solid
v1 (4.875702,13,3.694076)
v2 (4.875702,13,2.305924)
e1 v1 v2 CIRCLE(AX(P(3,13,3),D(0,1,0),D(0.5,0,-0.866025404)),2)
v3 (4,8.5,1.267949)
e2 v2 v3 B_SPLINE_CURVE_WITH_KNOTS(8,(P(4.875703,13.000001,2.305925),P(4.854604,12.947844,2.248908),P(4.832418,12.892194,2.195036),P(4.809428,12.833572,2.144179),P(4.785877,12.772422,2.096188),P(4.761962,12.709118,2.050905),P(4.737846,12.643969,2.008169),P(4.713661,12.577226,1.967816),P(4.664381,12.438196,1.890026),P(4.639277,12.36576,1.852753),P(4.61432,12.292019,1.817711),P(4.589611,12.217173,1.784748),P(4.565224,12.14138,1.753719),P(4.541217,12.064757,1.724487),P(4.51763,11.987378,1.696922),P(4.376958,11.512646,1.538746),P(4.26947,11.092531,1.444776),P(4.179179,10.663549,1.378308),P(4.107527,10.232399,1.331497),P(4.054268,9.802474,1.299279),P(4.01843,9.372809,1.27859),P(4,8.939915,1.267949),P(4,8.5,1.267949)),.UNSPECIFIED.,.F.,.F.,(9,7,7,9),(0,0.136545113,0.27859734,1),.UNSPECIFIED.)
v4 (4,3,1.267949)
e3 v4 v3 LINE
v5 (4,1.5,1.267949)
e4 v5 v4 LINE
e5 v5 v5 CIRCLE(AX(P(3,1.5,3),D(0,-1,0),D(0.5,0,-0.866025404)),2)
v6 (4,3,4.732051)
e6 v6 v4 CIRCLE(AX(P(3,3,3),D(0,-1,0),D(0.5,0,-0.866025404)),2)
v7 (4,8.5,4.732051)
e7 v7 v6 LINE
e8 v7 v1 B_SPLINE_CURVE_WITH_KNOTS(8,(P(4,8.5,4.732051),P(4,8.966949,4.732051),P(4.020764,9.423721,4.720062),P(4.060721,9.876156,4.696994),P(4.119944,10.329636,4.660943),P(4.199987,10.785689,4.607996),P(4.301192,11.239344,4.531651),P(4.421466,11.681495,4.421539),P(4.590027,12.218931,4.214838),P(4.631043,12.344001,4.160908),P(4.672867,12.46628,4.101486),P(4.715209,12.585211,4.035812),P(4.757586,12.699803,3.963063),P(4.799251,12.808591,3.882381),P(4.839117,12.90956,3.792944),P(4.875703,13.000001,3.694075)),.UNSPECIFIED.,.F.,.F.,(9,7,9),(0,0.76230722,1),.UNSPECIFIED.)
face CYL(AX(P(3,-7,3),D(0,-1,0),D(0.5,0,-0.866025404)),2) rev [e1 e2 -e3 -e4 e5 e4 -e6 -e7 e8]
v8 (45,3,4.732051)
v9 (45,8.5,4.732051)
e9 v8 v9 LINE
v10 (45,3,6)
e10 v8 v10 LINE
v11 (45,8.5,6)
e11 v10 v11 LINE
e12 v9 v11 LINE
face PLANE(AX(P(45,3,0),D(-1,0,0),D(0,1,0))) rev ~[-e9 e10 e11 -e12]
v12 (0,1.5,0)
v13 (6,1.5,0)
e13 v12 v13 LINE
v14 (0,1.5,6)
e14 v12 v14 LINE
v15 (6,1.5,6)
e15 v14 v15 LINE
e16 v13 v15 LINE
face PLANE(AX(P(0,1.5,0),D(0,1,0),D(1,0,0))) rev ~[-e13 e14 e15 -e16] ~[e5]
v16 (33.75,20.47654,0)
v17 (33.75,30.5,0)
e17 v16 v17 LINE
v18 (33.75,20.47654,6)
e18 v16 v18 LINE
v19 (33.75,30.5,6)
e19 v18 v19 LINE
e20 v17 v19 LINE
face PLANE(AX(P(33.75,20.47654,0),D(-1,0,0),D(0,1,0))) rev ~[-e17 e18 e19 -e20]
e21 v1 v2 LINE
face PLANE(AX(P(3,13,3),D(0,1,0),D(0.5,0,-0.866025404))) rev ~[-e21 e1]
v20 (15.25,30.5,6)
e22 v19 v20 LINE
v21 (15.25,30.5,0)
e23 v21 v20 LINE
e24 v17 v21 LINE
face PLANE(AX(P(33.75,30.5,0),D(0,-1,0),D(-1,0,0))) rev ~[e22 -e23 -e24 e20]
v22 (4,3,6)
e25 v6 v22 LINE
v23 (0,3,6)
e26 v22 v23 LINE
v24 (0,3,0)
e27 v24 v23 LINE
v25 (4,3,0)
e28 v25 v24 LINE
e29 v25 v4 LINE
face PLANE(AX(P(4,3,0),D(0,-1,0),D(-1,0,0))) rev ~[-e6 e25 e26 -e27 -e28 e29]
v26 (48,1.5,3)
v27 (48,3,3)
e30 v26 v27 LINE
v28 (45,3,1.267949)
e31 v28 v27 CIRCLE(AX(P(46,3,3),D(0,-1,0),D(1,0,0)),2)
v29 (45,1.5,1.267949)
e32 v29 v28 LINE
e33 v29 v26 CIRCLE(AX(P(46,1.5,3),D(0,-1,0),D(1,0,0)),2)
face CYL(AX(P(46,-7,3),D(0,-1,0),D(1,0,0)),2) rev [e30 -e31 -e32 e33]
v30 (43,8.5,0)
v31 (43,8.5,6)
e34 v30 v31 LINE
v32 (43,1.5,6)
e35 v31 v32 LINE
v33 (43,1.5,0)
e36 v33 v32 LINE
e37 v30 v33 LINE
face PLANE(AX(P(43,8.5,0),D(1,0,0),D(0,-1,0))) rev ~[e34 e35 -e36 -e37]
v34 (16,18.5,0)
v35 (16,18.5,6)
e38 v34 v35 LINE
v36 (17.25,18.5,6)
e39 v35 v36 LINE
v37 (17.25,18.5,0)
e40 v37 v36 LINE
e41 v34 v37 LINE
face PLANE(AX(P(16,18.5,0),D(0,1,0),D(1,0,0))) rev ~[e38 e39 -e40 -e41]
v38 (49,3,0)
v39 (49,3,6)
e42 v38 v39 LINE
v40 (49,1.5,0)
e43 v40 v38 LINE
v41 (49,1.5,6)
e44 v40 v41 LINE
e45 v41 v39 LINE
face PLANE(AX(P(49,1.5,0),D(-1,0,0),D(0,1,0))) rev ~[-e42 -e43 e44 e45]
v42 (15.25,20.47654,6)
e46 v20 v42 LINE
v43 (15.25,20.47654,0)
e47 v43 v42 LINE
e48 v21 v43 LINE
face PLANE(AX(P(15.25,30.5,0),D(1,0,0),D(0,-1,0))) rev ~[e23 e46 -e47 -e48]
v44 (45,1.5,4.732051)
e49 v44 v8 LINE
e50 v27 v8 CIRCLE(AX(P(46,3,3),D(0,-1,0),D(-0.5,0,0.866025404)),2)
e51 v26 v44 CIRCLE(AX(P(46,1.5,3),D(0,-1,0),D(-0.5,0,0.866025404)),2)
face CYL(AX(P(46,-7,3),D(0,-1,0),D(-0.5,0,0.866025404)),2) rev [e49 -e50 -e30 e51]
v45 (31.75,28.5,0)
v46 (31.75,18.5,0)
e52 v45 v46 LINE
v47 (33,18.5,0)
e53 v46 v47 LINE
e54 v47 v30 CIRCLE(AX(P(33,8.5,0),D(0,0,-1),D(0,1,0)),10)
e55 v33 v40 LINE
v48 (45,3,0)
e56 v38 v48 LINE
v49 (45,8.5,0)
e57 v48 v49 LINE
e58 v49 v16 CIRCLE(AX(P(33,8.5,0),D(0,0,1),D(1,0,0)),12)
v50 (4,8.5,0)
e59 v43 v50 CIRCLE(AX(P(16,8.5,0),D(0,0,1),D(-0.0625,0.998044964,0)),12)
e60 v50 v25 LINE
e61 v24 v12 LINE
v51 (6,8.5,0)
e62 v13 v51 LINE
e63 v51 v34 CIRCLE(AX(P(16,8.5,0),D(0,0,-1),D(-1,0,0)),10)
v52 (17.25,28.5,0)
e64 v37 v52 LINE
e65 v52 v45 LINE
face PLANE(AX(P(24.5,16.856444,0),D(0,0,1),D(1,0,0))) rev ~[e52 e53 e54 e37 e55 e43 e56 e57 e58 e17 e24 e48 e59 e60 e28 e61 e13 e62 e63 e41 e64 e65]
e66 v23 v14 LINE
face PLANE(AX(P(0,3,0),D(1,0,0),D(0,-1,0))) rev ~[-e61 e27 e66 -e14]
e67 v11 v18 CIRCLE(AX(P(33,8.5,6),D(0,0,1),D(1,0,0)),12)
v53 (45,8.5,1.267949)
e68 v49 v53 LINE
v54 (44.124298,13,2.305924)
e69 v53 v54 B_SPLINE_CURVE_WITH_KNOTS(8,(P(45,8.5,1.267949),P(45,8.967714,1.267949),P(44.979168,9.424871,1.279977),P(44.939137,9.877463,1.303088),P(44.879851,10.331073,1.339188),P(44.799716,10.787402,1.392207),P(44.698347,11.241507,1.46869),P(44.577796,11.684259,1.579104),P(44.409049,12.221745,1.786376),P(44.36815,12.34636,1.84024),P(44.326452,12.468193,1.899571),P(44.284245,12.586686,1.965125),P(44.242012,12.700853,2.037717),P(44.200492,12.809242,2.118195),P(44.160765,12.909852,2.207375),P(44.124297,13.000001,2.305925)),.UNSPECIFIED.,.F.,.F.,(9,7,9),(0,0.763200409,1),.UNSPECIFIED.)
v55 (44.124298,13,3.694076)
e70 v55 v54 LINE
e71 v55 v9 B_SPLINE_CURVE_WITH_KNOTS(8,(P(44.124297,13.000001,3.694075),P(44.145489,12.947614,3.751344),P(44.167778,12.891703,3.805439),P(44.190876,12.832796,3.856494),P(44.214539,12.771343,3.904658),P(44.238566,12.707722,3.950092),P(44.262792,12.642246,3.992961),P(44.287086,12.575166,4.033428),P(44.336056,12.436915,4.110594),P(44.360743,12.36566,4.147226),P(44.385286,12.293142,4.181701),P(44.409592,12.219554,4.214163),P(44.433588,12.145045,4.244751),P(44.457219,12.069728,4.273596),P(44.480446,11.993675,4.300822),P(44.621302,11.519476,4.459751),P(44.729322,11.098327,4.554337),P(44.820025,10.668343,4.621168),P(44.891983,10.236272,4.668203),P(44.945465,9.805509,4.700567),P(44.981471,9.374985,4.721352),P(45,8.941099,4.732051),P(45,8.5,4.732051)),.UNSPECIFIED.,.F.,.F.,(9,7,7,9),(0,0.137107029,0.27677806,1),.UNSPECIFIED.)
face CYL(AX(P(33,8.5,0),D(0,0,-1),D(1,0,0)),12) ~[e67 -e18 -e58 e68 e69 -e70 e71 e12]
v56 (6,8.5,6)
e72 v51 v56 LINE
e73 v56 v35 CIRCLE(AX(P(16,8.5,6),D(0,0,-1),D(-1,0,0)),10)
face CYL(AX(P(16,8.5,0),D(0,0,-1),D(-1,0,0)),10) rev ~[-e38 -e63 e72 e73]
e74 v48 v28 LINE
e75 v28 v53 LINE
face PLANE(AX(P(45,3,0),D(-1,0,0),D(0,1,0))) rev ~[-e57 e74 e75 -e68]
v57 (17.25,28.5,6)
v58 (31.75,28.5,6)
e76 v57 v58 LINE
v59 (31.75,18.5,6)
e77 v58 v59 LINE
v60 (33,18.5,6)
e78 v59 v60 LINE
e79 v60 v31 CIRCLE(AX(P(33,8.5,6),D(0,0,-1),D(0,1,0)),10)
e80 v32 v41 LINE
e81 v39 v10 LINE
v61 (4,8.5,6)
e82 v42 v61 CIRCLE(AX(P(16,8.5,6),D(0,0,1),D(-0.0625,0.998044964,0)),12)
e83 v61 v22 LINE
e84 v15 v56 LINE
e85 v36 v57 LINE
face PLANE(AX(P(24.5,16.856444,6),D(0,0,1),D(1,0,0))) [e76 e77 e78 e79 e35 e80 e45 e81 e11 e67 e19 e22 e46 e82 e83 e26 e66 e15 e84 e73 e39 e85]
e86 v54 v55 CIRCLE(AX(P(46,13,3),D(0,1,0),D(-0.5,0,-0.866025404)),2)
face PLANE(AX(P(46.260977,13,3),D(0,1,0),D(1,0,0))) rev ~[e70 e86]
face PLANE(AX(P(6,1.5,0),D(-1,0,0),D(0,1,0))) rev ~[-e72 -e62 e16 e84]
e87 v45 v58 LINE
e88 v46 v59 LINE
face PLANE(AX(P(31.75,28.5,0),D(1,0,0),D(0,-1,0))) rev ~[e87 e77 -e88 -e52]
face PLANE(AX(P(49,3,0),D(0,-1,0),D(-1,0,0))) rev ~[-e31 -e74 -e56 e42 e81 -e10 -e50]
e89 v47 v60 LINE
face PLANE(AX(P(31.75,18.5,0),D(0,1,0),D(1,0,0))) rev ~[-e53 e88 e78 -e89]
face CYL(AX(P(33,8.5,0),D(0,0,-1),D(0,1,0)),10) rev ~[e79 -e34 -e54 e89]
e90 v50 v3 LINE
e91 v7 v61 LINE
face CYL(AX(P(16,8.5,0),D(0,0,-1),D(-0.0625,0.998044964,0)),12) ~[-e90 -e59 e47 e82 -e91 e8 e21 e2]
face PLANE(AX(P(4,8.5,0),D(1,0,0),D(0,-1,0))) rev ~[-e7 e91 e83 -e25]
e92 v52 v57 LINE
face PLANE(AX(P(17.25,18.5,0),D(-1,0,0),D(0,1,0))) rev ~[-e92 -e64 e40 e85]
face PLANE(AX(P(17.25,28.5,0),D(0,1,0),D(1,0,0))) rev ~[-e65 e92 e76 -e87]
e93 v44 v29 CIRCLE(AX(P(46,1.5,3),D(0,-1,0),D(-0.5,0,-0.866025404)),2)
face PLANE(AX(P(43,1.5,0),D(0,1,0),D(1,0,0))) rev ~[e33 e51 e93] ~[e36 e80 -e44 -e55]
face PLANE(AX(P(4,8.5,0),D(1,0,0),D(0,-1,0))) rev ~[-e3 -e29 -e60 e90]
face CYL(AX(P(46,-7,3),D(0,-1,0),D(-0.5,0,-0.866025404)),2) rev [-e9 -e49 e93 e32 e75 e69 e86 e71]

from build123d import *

# Parameters (mm, degrees)
EXTRUDE_1_DEPTH          = 6
CUT_EXTRUDE_1_DEPTH      = 10
CUT_EXTRUDE_1_DEPTH_BACK = 10
SKETCH_2_R               = 2


with BuildPart() as part:
    # 스케치1 → 보스-돌출1 (new body)
    with BuildSketch(Plane.XY):
        with BuildLine():
            Line((31.75, 18.5), (33, 18.5))
            ThreePointArc((33, 18.5), (40.071067812, 15.571067812), (43, 8.5))
            Line((43, 8.5), (43, 1.5))
            Line((43, 1.5), (49, 1.5))
            Line((49, 1.5), (49, 3))
            Line((49, 3), (45, 3))
            Line((45, 3), (45, 8.5))
            ThreePointArc((45, 8.5), (41.746427842, 16.715838363), (33.75, 20.476539567))
            Line((33.75, 20.476539567), (33.75, 30.5))
            Line((33.75, 30.5), (15.25, 30.5))
            Line((15.25, 30.5), (15.25, 20.476539567))
            ThreePointArc((15.25, 20.476539567), (7.253572158, 16.715838363), (4, 8.5))
            Line((4, 8.5), (4, 3))
            Line((4, 3), (0, 3))
            Line((0, 3), (0, 1.5))
            Line((0, 1.5), (6, 1.5))
            Line((6, 1.5), (6, 8.5))
            ThreePointArc((6, 8.5), (8.928932188, 15.571067812), (16, 18.5))
            Line((16, 18.5), (17.25, 18.5))
            Line((17.25, 18.5), (17.25, 28.5))
            Line((17.25, 28.5), (31.75, 28.5))
            Line((31.75, 28.5), (31.75, 18.5))
        make_face()
    extrude(amount=EXTRUDE_1_DEPTH)

    # 스케치2 → 컷-돌출1 (cut, two sides: drawn at the far end of the back side and taken through both)
    with BuildSketch(Plane(origin=(0, 3, 0), x_dir=(1, 0, 0), z_dir=(0, 1, 0)).offset(-CUT_EXTRUDE_1_DEPTH_BACK)):
        with BuildLine():
            ThreePointArc((45, -4.732050808), (47, -4.732050808), (48, -3))
            ThreePointArc((48, -3), (47, -1.267949192), (45, -1.267949192))
            Line((45, -1.267949192), (45, -4.732050808))
        make_face()
        with BuildLine():
            Line((45, -4.732050808), (45, -1.267949192))
            ThreePointArc((45, -1.267949192), (44, -3), (45, -4.732050808))
        make_face()
        with Locations(Location((3, -3, 0), (0, 0, 60))):
            Circle(SKETCH_2_R)
    extrude(amount=CUT_EXTRUDE_1_DEPTH + CUT_EXTRUDE_1_DEPTH_BACK, mode=Mode.SUBTRACT)


solid = part.part
